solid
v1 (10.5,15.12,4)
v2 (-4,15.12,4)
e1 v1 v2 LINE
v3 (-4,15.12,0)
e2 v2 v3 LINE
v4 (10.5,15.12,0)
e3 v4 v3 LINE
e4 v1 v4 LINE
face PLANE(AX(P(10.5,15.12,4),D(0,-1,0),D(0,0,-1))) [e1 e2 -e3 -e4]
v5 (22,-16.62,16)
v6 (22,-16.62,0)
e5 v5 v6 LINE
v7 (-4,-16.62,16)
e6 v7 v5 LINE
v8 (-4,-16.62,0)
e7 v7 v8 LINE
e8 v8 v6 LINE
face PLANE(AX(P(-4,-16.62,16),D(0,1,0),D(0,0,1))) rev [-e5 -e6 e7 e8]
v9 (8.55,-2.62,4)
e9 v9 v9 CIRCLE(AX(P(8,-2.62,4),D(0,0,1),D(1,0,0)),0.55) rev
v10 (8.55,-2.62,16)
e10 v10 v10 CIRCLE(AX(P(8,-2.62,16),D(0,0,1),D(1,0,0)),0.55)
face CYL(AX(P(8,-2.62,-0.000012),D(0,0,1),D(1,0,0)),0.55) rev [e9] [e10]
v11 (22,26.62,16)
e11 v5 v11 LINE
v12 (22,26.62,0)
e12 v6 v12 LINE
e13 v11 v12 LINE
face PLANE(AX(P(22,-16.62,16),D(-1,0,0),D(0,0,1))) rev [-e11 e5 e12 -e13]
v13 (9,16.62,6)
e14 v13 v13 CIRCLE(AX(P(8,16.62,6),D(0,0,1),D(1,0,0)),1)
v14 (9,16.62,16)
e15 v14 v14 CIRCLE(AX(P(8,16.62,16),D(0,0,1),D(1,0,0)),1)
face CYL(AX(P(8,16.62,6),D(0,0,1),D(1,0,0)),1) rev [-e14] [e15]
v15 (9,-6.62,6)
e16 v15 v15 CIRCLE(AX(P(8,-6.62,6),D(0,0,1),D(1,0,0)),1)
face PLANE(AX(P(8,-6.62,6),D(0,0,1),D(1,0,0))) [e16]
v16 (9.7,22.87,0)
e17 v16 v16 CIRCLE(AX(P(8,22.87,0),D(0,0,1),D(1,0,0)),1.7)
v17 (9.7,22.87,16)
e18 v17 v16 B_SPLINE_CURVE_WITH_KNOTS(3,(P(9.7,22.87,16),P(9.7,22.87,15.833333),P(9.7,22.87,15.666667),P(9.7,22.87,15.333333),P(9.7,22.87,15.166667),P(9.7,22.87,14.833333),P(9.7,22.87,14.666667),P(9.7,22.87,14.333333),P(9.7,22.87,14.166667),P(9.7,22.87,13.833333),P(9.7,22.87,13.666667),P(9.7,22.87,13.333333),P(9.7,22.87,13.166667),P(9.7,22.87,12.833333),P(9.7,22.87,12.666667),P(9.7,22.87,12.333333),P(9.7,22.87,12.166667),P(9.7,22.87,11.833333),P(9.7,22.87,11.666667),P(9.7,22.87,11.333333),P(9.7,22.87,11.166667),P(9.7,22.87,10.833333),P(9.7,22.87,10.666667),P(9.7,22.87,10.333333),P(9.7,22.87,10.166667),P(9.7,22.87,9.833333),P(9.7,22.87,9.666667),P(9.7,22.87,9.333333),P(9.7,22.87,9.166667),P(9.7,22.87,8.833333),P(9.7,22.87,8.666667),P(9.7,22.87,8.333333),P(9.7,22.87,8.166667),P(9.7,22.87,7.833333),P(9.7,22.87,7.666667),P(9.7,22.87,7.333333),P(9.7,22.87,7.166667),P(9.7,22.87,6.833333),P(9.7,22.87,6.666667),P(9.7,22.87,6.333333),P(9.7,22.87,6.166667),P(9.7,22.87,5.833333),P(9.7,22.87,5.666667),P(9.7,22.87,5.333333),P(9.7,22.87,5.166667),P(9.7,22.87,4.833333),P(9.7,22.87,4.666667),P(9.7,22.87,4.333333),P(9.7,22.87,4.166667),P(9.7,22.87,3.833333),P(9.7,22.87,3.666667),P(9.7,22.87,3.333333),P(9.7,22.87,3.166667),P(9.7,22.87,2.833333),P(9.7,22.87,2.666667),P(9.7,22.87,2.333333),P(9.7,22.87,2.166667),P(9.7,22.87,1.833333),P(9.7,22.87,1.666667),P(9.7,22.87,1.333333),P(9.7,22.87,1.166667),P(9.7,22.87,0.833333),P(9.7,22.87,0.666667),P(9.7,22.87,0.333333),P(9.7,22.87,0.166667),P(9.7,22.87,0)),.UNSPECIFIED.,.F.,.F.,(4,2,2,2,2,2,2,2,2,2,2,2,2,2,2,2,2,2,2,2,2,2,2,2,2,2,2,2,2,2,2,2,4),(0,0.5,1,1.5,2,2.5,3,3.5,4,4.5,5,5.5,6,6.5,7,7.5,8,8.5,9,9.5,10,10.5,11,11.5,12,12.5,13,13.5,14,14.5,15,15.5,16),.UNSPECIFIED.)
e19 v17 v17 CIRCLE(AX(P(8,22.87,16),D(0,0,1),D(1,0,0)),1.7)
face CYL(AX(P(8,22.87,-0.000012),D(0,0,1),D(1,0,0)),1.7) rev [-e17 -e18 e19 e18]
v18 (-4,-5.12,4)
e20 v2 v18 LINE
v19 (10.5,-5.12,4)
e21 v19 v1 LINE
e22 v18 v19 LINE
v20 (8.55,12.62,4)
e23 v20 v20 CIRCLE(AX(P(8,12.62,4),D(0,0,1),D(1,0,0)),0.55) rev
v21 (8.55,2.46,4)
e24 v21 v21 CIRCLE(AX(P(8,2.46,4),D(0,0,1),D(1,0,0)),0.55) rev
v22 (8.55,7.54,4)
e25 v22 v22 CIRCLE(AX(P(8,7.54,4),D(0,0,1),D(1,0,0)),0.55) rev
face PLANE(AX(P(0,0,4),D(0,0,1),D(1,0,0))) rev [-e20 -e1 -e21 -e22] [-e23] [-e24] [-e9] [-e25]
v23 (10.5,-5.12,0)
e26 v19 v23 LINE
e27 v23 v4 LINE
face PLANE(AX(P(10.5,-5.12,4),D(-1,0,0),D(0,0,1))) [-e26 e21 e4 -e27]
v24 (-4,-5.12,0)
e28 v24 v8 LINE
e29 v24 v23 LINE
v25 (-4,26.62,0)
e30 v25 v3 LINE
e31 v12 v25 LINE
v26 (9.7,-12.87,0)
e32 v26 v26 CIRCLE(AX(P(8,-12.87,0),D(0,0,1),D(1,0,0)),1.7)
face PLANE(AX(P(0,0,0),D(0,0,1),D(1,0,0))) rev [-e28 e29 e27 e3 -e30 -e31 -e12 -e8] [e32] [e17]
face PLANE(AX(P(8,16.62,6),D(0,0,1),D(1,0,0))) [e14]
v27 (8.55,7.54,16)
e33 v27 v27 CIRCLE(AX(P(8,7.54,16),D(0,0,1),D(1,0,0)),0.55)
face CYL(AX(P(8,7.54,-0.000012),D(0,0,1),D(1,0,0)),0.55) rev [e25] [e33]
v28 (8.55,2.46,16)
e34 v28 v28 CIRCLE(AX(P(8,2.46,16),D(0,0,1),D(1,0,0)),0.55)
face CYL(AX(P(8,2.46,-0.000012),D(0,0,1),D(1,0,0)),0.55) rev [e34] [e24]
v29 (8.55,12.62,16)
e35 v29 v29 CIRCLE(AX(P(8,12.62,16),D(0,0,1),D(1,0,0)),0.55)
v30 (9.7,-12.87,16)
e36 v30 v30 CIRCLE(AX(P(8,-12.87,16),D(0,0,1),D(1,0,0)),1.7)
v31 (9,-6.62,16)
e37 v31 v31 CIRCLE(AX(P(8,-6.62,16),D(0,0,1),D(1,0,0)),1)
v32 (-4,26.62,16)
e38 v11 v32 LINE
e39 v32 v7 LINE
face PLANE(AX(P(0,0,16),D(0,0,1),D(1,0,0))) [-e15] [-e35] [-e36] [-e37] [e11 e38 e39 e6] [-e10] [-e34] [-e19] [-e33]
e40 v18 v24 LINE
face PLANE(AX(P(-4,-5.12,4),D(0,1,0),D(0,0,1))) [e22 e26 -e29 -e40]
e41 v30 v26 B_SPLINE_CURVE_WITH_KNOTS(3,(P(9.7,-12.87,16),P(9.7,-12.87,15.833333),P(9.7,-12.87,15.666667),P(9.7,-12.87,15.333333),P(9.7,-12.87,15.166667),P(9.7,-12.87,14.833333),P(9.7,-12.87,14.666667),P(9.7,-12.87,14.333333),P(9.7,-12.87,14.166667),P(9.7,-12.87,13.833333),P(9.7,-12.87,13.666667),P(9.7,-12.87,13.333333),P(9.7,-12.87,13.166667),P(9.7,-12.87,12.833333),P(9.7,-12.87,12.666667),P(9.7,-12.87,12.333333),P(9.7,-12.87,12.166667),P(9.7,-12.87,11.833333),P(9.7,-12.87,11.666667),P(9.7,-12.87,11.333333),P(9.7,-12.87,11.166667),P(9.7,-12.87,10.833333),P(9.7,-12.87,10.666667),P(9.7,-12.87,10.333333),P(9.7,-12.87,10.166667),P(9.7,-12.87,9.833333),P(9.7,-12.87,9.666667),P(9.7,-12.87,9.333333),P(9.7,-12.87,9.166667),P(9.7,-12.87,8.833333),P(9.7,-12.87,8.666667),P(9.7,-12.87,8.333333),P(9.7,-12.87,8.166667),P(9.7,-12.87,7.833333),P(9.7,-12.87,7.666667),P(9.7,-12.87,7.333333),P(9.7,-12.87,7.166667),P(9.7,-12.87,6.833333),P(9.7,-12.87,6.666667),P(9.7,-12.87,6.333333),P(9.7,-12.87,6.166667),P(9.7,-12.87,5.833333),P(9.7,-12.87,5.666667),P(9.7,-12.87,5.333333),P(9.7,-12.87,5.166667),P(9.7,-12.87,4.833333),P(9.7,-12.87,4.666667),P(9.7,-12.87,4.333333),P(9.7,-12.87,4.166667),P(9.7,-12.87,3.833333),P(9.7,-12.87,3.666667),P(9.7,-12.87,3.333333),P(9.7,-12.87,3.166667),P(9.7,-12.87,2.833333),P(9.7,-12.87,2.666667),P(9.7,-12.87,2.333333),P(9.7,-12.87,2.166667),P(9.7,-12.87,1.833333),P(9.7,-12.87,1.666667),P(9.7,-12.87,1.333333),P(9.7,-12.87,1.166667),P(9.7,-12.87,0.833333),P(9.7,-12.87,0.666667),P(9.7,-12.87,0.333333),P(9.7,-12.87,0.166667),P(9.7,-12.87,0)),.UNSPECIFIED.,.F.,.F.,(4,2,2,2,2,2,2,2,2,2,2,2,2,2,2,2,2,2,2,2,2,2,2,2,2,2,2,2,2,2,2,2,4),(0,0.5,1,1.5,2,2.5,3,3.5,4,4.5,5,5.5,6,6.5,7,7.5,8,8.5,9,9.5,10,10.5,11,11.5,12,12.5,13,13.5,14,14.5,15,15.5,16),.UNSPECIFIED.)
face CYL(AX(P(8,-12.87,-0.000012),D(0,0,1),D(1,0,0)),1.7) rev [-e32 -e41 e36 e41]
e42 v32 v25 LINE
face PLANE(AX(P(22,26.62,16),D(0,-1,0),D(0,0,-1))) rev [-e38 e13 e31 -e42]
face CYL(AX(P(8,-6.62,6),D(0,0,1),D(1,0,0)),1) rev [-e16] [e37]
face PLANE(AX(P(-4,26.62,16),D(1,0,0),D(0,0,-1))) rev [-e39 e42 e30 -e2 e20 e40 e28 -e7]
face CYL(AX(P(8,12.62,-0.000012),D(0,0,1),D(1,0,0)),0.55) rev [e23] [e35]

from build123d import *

# Parameters (mm, degrees)
SKETCH1_W               = 26
SKETCH1_H               = 43.24
BOSS_EXTRUDE1_DEPTH     = 16
CUT_EXTRUDE1_DEPTH      = 39.06079873
CUT_EXTRUDE1_DEPTH_BACK = 39.06079873
SKETCH2_R               = 0.55
SKETCH2_R_2             = 1.7
SKETCH3_W               = 14.5
SKETCH3_H               = 20.24
CUT_EXTRUDE3_DEPTH      = 4
SKETCH4_R               = 1
CUT_EXTRUDE5_DEPTH      = 10


with BuildPart() as part:
    # Sketch1 → Boss-Extrude1 (new body)
    with BuildSketch(Plane.XY):
        with Locations((9, 5)):
            Rectangle(SKETCH1_W, SKETCH1_H)
    extrude(amount=BOSS_EXTRUDE1_DEPTH)

    # Sketch2 → Cut-Extrude1 (cut, two sides: drawn at the far end of the back side and taken through both)
    with BuildSketch(Plane.XY.offset(-CUT_EXTRUDE1_DEPTH_BACK)):
        with Locations((8, -2.62)):
            Circle(SKETCH2_R)
        with Locations((8, 2.46)):
            Circle(SKETCH2_R)
        with Locations((8, 7.54)):
            Circle(SKETCH2_R)
        with Locations((8, 12.62)):
            Circle(SKETCH2_R)
        with Locations((8, -12.87)):
            Circle(SKETCH2_R_2)
        with Locations((8, 22.87)):
            Circle(SKETCH2_R_2)
    extrude(amount=CUT_EXTRUDE1_DEPTH + CUT_EXTRUDE1_DEPTH_BACK, mode=Mode.SUBTRACT)

    # Sketch3 → Cut-Extrude3 (cut)
    with BuildSketch(Plane.XY):
        with Locations((3.25, 5)):
            Rectangle(SKETCH3_W, SKETCH3_H)
    extrude(amount=CUT_EXTRUDE3_DEPTH, mode=Mode.SUBTRACT)

    # Sketch4 → Cut-Extrude5 (cut)
    with BuildSketch(Plane.XY.offset(16)):
        with Locations((8, -6.62)):
            Circle(SKETCH4_R)
        with Locations((8, 16.62)):
            Circle(SKETCH4_R)
    extrude(amount=-CUT_EXTRUDE5_DEPTH, mode=Mode.SUBTRACT)


solid = part.part
